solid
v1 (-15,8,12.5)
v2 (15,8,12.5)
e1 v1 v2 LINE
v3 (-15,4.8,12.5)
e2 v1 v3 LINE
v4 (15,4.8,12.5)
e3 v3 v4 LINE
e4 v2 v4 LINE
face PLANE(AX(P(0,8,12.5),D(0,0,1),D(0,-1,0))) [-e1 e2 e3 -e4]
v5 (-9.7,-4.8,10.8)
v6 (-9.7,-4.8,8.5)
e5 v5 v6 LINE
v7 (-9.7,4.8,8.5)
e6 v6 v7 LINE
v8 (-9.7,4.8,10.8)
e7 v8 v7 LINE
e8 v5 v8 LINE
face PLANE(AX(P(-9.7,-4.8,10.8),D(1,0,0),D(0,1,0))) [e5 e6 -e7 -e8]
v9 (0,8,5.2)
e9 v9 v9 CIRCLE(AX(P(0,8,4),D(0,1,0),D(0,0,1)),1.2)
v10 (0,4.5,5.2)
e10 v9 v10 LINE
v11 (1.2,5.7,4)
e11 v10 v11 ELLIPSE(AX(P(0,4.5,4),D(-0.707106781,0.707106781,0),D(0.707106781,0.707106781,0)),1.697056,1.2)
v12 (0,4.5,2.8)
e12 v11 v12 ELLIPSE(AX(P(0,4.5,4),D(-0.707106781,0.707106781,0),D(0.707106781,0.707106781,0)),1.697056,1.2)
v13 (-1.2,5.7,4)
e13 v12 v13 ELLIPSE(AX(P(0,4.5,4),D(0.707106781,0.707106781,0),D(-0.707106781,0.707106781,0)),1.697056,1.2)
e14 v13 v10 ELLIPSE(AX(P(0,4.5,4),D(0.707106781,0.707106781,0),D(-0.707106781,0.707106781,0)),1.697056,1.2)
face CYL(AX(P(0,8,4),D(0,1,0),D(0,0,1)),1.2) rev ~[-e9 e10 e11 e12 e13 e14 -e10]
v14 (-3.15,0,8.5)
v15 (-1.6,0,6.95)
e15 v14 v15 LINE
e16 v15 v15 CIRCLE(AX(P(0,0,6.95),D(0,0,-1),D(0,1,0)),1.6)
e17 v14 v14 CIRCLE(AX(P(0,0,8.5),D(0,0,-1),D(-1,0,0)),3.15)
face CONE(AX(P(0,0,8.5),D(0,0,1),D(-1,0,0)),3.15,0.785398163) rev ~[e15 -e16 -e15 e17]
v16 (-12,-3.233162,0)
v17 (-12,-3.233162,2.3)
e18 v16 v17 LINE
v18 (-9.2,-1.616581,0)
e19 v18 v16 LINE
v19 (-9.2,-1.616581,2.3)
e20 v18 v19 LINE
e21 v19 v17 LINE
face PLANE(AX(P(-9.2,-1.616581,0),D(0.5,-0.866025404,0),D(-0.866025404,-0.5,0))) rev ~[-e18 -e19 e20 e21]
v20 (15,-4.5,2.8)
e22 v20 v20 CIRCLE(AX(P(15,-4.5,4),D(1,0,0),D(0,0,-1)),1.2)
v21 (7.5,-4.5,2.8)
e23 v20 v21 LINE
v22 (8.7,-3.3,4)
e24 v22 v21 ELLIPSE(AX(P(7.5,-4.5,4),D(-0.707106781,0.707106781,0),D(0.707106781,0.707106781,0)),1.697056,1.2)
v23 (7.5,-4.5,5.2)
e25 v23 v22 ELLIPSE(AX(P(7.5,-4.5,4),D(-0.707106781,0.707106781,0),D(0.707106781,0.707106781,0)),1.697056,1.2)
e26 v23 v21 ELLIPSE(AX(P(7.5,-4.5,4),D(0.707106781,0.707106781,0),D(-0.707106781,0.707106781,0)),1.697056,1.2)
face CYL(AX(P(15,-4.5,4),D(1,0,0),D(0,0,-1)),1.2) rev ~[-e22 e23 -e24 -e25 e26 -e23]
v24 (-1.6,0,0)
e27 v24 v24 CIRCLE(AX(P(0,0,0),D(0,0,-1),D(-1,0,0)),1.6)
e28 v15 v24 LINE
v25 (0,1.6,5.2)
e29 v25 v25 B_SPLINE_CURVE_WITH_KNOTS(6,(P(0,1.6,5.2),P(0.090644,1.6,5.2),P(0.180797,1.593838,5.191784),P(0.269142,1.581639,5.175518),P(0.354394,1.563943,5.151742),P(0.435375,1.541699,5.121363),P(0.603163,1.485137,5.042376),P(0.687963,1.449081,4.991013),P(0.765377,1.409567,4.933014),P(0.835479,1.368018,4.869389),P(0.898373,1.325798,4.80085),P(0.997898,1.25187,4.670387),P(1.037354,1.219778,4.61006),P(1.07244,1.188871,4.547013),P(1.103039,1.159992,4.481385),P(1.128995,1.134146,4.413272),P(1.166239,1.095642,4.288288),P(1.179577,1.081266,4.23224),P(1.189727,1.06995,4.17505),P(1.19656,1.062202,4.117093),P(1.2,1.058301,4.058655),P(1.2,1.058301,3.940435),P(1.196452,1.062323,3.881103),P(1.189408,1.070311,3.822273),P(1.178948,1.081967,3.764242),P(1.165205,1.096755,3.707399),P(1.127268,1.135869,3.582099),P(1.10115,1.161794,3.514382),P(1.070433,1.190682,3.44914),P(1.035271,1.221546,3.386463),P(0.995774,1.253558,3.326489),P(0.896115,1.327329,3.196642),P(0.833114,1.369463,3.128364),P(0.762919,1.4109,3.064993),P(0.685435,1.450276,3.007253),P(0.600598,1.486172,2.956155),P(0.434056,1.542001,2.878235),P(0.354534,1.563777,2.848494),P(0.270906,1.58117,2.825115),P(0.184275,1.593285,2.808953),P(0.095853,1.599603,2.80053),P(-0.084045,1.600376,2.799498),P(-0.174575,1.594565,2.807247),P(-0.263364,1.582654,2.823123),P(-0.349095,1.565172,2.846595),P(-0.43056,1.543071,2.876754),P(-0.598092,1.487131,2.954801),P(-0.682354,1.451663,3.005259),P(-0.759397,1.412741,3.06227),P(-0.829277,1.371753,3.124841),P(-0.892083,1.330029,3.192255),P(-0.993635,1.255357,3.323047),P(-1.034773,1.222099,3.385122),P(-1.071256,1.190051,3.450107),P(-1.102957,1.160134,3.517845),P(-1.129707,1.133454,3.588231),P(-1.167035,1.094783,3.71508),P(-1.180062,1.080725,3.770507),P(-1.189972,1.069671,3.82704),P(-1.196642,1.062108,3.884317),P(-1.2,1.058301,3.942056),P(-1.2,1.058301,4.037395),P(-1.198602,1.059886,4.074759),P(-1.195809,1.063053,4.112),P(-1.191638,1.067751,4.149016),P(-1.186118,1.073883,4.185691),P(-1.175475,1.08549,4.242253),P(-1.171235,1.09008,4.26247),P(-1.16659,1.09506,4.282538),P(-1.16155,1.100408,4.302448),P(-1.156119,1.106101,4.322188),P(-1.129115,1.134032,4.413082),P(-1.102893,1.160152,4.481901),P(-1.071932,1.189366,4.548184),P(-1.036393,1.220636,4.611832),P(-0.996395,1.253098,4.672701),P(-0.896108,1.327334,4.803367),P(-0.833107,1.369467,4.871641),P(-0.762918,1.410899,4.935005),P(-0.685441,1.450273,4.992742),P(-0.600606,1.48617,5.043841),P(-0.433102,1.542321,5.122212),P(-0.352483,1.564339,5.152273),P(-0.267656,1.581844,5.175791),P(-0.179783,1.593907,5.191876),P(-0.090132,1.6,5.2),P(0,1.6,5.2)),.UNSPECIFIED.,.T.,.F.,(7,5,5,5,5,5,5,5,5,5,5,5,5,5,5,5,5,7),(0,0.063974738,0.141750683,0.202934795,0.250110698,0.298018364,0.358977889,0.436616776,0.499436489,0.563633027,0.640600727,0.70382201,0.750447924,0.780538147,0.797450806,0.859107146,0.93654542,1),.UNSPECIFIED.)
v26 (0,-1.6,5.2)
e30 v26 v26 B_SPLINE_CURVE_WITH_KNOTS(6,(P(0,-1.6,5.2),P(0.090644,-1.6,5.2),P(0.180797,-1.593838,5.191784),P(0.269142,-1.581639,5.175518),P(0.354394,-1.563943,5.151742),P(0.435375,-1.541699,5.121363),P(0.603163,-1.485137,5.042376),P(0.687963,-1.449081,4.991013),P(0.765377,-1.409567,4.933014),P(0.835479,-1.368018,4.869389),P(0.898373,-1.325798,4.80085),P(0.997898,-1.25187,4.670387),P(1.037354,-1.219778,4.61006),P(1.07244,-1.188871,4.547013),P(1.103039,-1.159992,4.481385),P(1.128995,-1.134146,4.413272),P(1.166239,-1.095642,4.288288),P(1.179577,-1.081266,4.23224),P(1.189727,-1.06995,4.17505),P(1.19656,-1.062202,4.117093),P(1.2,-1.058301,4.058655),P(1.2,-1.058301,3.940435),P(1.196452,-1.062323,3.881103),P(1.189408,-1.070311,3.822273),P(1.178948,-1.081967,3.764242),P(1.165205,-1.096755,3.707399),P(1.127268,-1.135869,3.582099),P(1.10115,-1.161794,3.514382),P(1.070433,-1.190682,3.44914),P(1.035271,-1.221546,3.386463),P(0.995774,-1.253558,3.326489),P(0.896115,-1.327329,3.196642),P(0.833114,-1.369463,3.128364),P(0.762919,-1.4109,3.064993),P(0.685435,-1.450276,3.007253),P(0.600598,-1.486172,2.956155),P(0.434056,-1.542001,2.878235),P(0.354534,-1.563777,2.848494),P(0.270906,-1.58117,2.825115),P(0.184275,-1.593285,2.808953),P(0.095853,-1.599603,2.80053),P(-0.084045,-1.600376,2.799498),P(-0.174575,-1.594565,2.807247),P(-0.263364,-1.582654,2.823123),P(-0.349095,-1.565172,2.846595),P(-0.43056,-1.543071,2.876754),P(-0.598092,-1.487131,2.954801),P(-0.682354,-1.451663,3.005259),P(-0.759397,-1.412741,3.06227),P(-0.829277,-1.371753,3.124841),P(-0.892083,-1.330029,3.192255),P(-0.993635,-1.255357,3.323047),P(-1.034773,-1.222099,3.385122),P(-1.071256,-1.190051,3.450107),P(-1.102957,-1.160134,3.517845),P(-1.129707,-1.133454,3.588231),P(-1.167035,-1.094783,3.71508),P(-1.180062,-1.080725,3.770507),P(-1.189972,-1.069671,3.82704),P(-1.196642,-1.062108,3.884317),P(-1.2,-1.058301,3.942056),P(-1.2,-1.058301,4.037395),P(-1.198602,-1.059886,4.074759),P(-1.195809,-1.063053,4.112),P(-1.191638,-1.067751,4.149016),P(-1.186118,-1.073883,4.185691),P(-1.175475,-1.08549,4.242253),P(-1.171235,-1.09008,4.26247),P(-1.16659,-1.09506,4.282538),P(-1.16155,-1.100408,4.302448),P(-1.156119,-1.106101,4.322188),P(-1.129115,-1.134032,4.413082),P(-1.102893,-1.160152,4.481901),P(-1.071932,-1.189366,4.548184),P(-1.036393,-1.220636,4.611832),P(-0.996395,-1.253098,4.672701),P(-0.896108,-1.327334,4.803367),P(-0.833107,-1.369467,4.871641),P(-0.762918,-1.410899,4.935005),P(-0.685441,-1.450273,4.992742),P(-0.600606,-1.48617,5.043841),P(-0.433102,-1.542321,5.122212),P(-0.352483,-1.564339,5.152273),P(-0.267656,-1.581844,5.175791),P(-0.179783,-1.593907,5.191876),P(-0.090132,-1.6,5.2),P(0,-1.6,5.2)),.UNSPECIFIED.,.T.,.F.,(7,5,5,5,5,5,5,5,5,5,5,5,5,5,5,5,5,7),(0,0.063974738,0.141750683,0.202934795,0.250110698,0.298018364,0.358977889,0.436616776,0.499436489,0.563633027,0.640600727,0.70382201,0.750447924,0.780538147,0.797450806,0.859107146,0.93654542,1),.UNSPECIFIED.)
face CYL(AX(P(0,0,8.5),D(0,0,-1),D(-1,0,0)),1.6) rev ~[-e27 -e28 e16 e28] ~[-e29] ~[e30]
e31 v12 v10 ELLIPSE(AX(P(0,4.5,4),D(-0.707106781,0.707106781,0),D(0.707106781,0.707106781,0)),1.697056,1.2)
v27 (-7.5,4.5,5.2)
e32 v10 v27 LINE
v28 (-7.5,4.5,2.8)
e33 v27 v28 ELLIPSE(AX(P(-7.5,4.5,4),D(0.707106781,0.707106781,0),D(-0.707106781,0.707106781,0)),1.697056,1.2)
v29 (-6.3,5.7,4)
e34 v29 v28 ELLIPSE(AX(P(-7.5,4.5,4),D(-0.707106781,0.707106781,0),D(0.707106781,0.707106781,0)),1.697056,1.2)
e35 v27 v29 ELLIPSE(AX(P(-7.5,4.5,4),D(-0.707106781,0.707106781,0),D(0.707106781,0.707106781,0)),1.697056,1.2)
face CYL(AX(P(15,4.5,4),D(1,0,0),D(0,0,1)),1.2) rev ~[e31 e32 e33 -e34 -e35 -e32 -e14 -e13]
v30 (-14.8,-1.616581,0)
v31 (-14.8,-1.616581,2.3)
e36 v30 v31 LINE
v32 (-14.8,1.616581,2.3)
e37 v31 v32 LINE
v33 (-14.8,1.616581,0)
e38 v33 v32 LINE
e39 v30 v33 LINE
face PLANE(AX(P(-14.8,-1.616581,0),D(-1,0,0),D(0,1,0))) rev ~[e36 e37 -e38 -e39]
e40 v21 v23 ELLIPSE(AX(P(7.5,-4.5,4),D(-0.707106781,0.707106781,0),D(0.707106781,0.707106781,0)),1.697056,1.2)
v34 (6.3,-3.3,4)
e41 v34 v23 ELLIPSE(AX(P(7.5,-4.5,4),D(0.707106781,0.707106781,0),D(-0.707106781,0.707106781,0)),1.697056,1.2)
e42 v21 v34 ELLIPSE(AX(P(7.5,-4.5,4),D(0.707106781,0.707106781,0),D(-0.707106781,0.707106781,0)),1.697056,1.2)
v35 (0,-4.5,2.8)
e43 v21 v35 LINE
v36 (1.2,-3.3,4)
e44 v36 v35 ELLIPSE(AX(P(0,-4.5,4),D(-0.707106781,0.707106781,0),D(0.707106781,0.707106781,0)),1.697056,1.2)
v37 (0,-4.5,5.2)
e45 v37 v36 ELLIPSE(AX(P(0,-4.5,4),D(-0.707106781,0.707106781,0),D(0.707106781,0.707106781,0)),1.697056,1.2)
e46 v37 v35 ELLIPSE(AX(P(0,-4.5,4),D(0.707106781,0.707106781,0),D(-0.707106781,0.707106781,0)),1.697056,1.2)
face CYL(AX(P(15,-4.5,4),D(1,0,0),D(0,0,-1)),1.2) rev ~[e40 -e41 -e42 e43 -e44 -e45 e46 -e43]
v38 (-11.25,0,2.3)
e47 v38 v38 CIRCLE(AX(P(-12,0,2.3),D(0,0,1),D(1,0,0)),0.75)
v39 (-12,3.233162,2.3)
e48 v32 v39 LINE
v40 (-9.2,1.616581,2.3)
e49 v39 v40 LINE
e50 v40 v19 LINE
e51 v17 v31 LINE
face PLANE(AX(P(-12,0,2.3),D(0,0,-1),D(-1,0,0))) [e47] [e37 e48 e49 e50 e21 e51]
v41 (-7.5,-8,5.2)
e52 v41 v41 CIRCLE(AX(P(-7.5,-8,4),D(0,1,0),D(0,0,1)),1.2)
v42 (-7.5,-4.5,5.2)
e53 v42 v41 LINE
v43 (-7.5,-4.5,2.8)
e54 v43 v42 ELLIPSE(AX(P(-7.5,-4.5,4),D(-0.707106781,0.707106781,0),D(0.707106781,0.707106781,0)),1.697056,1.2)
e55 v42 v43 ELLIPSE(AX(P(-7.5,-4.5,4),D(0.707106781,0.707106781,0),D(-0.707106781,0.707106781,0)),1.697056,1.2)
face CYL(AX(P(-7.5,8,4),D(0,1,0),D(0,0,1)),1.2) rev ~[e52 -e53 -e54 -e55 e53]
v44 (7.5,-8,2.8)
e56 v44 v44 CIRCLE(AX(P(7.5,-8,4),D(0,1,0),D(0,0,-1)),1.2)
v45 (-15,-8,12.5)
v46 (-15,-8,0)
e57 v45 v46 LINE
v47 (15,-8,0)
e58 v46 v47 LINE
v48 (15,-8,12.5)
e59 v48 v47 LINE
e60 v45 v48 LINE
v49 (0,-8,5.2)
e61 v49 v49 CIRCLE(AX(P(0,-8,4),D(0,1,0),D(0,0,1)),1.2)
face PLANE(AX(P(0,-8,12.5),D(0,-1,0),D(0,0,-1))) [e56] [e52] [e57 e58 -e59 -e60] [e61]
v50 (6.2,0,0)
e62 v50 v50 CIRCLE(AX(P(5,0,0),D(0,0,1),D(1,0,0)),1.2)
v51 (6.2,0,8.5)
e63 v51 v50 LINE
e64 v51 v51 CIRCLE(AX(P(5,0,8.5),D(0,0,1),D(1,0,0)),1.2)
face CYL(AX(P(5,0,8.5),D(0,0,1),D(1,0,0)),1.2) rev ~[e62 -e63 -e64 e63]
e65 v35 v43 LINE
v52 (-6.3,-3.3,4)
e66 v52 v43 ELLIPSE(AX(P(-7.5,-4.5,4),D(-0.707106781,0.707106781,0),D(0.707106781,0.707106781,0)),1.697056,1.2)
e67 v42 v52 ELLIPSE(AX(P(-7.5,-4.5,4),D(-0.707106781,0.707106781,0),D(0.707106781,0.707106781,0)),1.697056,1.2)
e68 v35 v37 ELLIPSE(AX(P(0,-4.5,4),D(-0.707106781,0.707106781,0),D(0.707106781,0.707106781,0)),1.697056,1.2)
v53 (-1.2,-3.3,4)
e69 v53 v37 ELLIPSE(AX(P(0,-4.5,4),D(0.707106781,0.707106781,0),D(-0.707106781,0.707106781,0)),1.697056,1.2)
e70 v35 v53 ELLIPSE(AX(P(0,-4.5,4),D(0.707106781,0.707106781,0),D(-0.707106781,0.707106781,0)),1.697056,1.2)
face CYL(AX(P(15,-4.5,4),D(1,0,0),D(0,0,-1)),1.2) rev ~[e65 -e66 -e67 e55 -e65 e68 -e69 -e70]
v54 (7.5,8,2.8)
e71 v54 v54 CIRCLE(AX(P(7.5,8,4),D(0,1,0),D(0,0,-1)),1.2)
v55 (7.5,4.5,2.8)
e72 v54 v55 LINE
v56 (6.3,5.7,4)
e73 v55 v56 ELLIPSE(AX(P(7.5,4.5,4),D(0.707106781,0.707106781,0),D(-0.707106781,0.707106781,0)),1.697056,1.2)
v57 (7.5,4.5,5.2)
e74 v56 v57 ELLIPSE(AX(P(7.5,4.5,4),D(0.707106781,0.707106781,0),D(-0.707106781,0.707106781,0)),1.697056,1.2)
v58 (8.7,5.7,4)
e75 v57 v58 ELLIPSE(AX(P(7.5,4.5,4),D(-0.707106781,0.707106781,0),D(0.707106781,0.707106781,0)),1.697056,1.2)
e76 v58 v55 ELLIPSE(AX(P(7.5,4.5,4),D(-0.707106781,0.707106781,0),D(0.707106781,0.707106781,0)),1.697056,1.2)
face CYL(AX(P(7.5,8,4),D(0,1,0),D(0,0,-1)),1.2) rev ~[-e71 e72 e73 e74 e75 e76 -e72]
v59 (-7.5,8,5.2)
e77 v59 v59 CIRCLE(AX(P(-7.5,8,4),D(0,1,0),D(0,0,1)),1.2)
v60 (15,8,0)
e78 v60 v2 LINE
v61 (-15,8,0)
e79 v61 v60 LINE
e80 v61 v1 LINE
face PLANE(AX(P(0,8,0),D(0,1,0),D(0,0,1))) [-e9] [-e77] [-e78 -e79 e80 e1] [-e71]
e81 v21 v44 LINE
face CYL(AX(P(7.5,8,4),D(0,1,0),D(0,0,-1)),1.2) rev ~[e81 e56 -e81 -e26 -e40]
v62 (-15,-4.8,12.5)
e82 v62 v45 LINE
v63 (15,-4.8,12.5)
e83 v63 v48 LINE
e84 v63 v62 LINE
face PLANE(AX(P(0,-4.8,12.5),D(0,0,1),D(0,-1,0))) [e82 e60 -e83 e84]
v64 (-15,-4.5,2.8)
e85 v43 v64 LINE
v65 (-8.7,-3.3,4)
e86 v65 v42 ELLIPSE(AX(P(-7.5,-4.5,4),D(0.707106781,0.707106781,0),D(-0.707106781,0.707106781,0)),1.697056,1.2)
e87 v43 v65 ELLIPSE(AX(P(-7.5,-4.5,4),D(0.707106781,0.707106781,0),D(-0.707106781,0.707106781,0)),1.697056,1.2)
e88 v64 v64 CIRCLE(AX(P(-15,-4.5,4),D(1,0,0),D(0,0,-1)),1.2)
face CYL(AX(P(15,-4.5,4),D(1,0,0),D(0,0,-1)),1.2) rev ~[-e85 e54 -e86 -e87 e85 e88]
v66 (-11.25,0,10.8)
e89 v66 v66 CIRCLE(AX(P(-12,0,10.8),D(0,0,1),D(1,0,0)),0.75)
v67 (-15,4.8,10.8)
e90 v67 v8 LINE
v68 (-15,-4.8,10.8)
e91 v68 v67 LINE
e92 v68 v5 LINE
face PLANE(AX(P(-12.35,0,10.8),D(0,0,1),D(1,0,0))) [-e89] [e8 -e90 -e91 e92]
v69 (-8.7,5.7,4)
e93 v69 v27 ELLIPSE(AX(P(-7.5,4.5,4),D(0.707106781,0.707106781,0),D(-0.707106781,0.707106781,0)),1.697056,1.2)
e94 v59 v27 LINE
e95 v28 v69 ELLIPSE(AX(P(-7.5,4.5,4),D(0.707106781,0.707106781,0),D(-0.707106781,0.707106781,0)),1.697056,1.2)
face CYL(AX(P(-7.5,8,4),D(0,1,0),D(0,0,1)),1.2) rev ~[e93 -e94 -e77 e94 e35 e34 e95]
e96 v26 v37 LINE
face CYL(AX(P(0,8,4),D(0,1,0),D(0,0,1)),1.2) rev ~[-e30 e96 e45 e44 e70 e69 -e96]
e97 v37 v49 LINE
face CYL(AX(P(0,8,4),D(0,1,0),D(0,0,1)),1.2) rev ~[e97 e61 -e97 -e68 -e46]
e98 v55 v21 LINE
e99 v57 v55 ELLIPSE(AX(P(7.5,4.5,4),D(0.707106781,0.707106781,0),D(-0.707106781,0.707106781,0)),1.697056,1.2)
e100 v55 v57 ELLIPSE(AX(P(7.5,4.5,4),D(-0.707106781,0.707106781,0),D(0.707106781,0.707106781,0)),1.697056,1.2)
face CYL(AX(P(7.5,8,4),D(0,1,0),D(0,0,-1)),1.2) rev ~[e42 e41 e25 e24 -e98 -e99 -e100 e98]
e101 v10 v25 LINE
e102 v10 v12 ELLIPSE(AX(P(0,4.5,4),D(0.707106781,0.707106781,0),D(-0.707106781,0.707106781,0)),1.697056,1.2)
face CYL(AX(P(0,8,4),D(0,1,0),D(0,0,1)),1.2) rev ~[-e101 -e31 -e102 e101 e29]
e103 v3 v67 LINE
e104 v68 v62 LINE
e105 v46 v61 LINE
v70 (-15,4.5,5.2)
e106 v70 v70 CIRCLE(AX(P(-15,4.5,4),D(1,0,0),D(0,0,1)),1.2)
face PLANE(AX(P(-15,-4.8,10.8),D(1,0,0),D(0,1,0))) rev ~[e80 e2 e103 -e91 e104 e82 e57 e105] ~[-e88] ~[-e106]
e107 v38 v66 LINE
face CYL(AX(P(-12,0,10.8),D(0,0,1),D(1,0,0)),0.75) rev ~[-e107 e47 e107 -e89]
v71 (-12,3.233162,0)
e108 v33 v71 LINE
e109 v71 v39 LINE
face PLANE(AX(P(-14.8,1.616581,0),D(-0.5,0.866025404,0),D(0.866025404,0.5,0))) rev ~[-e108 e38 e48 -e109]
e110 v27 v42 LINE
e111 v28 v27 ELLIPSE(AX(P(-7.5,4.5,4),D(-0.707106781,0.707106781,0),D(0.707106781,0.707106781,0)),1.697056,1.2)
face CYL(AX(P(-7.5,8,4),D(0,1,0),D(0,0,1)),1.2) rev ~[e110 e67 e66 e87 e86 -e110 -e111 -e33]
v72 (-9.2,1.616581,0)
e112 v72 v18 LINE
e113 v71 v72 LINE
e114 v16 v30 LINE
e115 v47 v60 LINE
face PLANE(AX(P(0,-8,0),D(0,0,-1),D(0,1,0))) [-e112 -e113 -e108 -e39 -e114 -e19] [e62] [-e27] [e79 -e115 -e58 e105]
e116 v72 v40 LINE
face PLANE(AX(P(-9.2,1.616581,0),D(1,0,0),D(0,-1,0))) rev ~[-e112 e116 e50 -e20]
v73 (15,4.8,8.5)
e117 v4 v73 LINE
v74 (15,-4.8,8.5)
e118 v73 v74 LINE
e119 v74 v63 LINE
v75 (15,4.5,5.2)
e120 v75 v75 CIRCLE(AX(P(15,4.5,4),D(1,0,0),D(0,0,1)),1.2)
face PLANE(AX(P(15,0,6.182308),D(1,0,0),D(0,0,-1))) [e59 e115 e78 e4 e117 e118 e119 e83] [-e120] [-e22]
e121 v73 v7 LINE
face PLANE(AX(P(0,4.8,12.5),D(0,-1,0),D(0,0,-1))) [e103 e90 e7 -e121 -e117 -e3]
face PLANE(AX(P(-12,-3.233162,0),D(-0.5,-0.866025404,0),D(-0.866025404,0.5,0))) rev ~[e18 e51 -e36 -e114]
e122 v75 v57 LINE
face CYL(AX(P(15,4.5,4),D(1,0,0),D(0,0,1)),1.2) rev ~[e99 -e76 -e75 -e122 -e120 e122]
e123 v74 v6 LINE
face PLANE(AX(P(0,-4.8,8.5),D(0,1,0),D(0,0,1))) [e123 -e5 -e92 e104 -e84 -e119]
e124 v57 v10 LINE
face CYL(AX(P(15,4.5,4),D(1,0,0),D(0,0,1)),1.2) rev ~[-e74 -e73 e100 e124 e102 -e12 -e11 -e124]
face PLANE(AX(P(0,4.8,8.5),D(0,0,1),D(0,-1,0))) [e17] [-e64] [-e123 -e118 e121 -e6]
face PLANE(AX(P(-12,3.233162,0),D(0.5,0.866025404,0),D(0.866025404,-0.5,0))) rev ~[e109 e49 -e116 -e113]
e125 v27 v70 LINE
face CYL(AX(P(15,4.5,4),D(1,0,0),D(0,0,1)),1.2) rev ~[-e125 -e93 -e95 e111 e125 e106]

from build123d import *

# Parameters (mm, degrees)
BOSS_EXTRU_1_DEPTH                             = 15
ESQUISSE2_R                                    = 1.2
ENL_V_MAT_EXTRU_1_DEPTH                        = 26.243811123
ESQUISSE3_R                                    = 0.75
ENL_V_MAT_EXTRU_2_DEPTH                        = 20.006577809
ESQUISSE4_R                                    = 1.2
ENL_V_MAT_EXTRU_3_DEPTH                        = 34.470135942
BOSS_EXTRU_2_START                             = 2.3
ESQUISSE5_W                                    = 5.3
ESQUISSE5_H                                    = 9.6
ESQUISSE5_R                                    = 0.75
BOSS_EXTRU_2_DEPTH                             = 2.3
FRAISAGE_POUR_VIS_T_TE_FRAIS_E_M31_D           = 3.2
FRAISAGE_POUR_VIS_T_TE_FRAIS_E_M31_CSINK_D     = 6.3
FRAISAGE_POUR_VIS_T_TE_FRAIS_E_M31_CSINK_ANGLE = 90
ENL_V_MAT_EXTRU_4_DEPTH                        = 2.3
ESQUISSE9_R                                    = 1.2
ENL_V_MAT_EXTRU_5_DEPTH                        = 20.006577853


with BuildPart() as part:
    # Esquisse1 → Boss.-Extru.1 (new, symmetric)
    with BuildSketch(Plane(origin=(0, 0, 0), x_dir=(0, 0, -1), z_dir=(1, 0, 0))):
        Polygon((-12.5, -4.8), (-12.5, -8), (0, -8), (0, 8), (-12.5, 8), (-12.5, 4.8), (-8.5, 4.8), (-8.5, -4.8), align=None)
    extrude(amount=BOSS_EXTRU_1_DEPTH, both=True)

    # Esquisse2 → Enlèv. mat.-Extru.1 (cut, through all)
    with BuildSketch(Plane(origin=(0, 8, 0), x_dir=(1, 0, 0), z_dir=(0, 1, 0))):
        with Locations(Location((-7.5, -4, 0), (0, 0, 270))):
            Circle(ESQUISSE2_R)
        with Locations(Location((7.5, -4, 0), (0, 0, 90))):
            Circle(ESQUISSE2_R)
        with Locations(Location((0, -4, 0), (0, 0, 270))):
            Circle(ESQUISSE2_R)
    extrude(amount=-ENL_V_MAT_EXTRU_1_DEPTH, mode=Mode.SUBTRACT)

    # Esquisse3 → Enlèv. mat.-Extru.2 (cut, through all)
    with BuildSketch(Plane.XY.offset(8.5)):
        with Locations((-12, 0)):
            Circle(ESQUISSE3_R)
    extrude(amount=-ENL_V_MAT_EXTRU_2_DEPTH, mode=Mode.SUBTRACT)

    # Esquisse4 → Enlèv. mat.-Extru.3 (cut, through all)
    with BuildSketch(Plane(origin=(15, 0, 0), x_dir=(0, 0, -1), z_dir=(1, 0, 0))):
        with Locations((-4, -4.5)):
            Circle(ESQUISSE4_R)
        with Locations(Location((-4, 4.5, 0), (0, 0, 180))):
            Circle(ESQUISSE4_R)
    extrude(amount=-ENL_V_MAT_EXTRU_3_DEPTH, mode=Mode.SUBTRACT)

    # Esquisse5 → Boss.-Extru.2 (add)
    with BuildSketch(Plane.XY.offset(8.5).offset(BOSS_EXTRU_2_START)):
        with Locations((-12.35, 0)):
            Rectangle(ESQUISSE5_W, ESQUISSE5_H)
        with Locations((-12, 0)):
            Circle(ESQUISSE5_R, mode=Mode.SUBTRACT)
    extrude(amount=-BOSS_EXTRU_2_DEPTH)

    # Fraisage pour vis à tête fraisée M31 (through all)
    with Locations(Plane.XY.offset(8.5)):
        with Locations((0, 0)):
            CounterSinkHole(FRAISAGE_POUR_VIS_T_TE_FRAIS_E_M31_D / 2, FRAISAGE_POUR_VIS_T_TE_FRAIS_E_M31_CSINK_D / 2, counter_sink_angle=FRAISAGE_POUR_VIS_T_TE_FRAIS_E_M31_CSINK_ANGLE)

    # Esquisse8 → Enlèv. mat.-Extru.4 (cut)
    with BuildSketch(Plane(origin=(0, 0, 0), x_dir=(-1, 0, 0), z_dir=(0, 0, -1))):
        Polygon((14.8, 1.616580754), (12, 3.233161507), (9.2, 1.616580754), (9.2, -1.616580754), (12, -3.233161507), (14.8, -1.616580754), align=None)
    extrude(amount=-ENL_V_MAT_EXTRU_4_DEPTH, mode=Mode.SUBTRACT)

    # Esquisse9 → Enlèv. mat.-Extru.5 (cut, through all)
    with BuildSketch(Plane.XY.offset(8.5)):
        with Locations((5, 0)):
            Circle(ESQUISSE9_R)
    extrude(amount=-ENL_V_MAT_EXTRU_5_DEPTH, mode=Mode.SUBTRACT)


solid = part.part
